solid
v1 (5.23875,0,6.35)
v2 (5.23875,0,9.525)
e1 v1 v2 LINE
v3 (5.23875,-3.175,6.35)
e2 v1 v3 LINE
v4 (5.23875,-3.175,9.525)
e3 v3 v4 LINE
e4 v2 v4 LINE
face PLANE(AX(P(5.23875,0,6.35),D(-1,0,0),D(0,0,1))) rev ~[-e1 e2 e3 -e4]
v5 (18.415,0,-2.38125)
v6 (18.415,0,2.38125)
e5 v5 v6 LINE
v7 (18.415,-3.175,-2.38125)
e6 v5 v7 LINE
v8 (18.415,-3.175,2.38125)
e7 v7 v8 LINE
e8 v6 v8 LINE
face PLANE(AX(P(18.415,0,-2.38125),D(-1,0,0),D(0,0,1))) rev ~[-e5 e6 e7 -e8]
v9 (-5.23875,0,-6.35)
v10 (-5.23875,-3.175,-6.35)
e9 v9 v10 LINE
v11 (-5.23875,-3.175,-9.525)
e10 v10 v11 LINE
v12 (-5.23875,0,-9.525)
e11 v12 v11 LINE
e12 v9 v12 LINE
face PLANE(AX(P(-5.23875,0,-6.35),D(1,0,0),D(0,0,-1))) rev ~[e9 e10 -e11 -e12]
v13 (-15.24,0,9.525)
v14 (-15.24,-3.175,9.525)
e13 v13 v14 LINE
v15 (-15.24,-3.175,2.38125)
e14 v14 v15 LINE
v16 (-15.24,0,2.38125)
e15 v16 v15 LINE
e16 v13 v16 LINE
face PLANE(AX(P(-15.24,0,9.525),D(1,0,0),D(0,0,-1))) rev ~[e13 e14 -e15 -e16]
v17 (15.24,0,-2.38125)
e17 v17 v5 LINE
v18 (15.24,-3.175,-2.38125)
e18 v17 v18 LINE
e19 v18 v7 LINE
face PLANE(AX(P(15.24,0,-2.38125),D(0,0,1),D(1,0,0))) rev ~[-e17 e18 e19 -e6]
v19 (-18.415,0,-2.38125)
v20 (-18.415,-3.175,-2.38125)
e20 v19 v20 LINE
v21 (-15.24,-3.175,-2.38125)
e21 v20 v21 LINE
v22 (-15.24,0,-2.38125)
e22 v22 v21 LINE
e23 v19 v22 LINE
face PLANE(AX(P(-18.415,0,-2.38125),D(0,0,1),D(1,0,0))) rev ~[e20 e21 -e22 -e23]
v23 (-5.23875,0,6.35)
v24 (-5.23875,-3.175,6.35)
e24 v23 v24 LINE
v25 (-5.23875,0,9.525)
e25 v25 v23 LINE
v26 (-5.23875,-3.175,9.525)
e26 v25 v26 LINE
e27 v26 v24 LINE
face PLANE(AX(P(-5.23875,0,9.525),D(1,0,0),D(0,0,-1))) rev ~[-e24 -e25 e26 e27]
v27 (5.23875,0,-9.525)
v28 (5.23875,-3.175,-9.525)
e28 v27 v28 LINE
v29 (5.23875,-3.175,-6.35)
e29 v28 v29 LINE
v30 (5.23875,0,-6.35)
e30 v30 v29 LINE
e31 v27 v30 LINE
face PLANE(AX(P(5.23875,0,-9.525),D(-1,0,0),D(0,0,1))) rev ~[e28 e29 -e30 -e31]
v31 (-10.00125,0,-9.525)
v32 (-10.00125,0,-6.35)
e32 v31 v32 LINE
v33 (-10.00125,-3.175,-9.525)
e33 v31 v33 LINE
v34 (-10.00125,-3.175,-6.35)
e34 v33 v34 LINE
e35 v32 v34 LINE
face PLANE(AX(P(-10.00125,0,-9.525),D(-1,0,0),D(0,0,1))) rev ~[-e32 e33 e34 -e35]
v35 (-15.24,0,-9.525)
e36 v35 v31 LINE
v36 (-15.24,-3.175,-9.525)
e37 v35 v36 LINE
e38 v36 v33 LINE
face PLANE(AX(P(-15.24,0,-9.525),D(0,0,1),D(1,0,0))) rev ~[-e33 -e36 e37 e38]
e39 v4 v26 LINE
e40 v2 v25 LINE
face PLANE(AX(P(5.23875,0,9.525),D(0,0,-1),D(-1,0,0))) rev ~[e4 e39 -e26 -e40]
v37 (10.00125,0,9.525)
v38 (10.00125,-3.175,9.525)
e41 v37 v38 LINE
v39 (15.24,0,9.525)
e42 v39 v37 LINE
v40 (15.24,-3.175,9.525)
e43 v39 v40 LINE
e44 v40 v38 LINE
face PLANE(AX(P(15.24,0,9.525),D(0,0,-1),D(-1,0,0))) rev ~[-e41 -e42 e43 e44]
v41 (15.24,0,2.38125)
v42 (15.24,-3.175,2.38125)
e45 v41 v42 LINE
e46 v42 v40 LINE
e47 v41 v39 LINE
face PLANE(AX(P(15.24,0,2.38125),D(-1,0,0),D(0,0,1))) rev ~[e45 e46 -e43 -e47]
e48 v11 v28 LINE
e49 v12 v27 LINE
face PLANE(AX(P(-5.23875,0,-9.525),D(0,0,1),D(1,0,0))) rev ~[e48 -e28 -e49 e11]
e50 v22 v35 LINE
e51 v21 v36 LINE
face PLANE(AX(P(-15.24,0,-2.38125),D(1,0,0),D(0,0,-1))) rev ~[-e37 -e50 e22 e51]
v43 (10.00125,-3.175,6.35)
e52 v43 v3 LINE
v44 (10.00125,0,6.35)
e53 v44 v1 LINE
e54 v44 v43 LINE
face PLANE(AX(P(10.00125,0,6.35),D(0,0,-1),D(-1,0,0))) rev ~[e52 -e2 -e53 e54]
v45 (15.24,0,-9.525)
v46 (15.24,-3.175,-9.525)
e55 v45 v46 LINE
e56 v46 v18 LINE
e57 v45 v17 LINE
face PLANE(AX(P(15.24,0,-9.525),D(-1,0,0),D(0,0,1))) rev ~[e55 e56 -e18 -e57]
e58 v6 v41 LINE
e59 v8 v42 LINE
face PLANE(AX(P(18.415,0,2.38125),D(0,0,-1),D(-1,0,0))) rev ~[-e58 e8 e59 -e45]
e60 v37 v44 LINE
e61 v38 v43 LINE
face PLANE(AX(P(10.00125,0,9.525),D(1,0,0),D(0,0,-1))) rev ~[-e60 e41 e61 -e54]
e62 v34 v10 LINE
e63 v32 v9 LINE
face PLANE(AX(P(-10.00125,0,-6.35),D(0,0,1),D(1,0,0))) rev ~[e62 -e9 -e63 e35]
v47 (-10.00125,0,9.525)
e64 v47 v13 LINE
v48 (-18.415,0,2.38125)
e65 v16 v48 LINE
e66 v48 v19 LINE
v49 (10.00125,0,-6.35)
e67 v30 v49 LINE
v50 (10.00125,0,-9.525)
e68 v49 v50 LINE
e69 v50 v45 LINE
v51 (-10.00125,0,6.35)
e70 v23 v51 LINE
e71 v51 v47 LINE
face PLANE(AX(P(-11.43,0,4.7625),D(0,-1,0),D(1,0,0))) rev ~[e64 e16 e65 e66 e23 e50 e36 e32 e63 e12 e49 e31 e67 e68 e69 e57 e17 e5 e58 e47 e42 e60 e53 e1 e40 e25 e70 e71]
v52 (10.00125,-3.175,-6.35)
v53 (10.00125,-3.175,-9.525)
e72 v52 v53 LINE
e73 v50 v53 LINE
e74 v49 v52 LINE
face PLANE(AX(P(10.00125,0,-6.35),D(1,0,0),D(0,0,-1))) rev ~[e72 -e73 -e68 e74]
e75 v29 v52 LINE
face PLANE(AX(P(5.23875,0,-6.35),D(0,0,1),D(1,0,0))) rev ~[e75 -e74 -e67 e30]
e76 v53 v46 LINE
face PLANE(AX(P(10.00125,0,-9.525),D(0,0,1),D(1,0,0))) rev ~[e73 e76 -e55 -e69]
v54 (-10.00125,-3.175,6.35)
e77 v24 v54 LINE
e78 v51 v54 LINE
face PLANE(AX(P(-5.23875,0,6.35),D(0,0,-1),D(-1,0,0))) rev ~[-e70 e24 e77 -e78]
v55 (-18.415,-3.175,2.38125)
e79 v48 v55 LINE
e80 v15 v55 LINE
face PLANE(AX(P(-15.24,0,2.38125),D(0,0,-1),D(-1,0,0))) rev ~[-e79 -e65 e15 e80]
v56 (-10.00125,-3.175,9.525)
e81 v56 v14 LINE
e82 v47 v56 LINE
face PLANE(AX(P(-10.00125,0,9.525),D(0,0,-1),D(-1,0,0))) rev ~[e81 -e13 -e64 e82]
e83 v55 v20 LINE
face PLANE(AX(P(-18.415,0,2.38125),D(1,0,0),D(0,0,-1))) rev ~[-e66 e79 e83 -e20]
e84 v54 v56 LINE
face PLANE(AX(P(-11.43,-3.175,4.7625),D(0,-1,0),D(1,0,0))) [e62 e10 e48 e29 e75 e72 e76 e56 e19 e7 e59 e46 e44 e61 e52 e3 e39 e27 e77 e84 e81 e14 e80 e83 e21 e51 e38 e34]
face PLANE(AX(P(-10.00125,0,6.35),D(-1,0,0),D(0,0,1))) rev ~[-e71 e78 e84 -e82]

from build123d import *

# Parameters (mm, degrees)
F0_W     = 3.175
F0_H     = 2.38125
F1_DEPTH = 3.175


with BuildPart() as f1:
    # F0 (on Front) → F1 (new body)
    with BuildSketch(Plane.XZ):
        Polygon((-12.065, 0), (-7.62, 0), (-7.62, 6.35), (-10.00125, 6.35), (-10.00125, 9.525), (-15.24, 9.525), (-15.24, 2.38125), (-12.065, 2.38125), align=None)
        Polygon((5.23875, 6.35), (5.23875, 9.525), (0, 9.525), (0, 0), (7.62, 0), (7.62, 6.35), align=None)
        Polygon((0, 0), (0, 9.525), (-5.23875, 9.525), (-5.23875, 6.35), (-7.62, 6.35), (-7.62, 0), align=None)
        Polygon((15.24, 2.38125), (15.24, 9.525), (10.00125, 9.525), (10.00125, 6.35), (7.62, 6.35), (7.62, 0), (12.065, 0), (12.065, 2.38125), align=None)
        with Locations((13.6525, -1.190625)):
            Rectangle(F0_W, F0_H)
        with Locations((13.6525, 1.190625)):
            Rectangle(F0_W, F0_H)
        Polygon((18.415, 2.38125), (15.24, 2.38125), (15.24, 0), (15.24, -2.38125), (18.415, -2.38125), align=None)
        Polygon((15.24, -9.525), (15.24, -2.38125), (12.065, -2.38125), (12.065, 0), (7.62, 0), (7.62, -6.35), (10.00125, -6.35), (10.00125, -9.525), align=None)
        Polygon((0, -9.525), (0, 0), (-7.62, 0), (-7.62, -6.35), (-5.23875, -6.35), (-5.23875, -9.525), align=None)
        Polygon((7.62, -6.35), (7.62, 0), (0, 0), (0, -9.525), (5.23875, -9.525), (5.23875, -6.35), align=None)
        Polygon((-7.62, -6.35), (-7.62, 0), (-12.065, 0), (-12.065, -2.38125), (-15.24, -2.38125), (-15.24, -9.525), (-10.00125, -9.525), (-10.00125, -6.35), align=None)
        with Locations((-13.6525, 1.190625)):
            Rectangle(F0_W, F0_H)
        with Locations((-13.6525, -1.190625)):
            Rectangle(F0_W, F0_H)
        Polygon((-15.24, -2.38125), (-15.24, 0), (-15.24, 2.38125), (-18.415, 2.38125), (-18.415, -2.38125), align=None)
    extrude(amount=F1_DEPTH)


solid = f1.part
